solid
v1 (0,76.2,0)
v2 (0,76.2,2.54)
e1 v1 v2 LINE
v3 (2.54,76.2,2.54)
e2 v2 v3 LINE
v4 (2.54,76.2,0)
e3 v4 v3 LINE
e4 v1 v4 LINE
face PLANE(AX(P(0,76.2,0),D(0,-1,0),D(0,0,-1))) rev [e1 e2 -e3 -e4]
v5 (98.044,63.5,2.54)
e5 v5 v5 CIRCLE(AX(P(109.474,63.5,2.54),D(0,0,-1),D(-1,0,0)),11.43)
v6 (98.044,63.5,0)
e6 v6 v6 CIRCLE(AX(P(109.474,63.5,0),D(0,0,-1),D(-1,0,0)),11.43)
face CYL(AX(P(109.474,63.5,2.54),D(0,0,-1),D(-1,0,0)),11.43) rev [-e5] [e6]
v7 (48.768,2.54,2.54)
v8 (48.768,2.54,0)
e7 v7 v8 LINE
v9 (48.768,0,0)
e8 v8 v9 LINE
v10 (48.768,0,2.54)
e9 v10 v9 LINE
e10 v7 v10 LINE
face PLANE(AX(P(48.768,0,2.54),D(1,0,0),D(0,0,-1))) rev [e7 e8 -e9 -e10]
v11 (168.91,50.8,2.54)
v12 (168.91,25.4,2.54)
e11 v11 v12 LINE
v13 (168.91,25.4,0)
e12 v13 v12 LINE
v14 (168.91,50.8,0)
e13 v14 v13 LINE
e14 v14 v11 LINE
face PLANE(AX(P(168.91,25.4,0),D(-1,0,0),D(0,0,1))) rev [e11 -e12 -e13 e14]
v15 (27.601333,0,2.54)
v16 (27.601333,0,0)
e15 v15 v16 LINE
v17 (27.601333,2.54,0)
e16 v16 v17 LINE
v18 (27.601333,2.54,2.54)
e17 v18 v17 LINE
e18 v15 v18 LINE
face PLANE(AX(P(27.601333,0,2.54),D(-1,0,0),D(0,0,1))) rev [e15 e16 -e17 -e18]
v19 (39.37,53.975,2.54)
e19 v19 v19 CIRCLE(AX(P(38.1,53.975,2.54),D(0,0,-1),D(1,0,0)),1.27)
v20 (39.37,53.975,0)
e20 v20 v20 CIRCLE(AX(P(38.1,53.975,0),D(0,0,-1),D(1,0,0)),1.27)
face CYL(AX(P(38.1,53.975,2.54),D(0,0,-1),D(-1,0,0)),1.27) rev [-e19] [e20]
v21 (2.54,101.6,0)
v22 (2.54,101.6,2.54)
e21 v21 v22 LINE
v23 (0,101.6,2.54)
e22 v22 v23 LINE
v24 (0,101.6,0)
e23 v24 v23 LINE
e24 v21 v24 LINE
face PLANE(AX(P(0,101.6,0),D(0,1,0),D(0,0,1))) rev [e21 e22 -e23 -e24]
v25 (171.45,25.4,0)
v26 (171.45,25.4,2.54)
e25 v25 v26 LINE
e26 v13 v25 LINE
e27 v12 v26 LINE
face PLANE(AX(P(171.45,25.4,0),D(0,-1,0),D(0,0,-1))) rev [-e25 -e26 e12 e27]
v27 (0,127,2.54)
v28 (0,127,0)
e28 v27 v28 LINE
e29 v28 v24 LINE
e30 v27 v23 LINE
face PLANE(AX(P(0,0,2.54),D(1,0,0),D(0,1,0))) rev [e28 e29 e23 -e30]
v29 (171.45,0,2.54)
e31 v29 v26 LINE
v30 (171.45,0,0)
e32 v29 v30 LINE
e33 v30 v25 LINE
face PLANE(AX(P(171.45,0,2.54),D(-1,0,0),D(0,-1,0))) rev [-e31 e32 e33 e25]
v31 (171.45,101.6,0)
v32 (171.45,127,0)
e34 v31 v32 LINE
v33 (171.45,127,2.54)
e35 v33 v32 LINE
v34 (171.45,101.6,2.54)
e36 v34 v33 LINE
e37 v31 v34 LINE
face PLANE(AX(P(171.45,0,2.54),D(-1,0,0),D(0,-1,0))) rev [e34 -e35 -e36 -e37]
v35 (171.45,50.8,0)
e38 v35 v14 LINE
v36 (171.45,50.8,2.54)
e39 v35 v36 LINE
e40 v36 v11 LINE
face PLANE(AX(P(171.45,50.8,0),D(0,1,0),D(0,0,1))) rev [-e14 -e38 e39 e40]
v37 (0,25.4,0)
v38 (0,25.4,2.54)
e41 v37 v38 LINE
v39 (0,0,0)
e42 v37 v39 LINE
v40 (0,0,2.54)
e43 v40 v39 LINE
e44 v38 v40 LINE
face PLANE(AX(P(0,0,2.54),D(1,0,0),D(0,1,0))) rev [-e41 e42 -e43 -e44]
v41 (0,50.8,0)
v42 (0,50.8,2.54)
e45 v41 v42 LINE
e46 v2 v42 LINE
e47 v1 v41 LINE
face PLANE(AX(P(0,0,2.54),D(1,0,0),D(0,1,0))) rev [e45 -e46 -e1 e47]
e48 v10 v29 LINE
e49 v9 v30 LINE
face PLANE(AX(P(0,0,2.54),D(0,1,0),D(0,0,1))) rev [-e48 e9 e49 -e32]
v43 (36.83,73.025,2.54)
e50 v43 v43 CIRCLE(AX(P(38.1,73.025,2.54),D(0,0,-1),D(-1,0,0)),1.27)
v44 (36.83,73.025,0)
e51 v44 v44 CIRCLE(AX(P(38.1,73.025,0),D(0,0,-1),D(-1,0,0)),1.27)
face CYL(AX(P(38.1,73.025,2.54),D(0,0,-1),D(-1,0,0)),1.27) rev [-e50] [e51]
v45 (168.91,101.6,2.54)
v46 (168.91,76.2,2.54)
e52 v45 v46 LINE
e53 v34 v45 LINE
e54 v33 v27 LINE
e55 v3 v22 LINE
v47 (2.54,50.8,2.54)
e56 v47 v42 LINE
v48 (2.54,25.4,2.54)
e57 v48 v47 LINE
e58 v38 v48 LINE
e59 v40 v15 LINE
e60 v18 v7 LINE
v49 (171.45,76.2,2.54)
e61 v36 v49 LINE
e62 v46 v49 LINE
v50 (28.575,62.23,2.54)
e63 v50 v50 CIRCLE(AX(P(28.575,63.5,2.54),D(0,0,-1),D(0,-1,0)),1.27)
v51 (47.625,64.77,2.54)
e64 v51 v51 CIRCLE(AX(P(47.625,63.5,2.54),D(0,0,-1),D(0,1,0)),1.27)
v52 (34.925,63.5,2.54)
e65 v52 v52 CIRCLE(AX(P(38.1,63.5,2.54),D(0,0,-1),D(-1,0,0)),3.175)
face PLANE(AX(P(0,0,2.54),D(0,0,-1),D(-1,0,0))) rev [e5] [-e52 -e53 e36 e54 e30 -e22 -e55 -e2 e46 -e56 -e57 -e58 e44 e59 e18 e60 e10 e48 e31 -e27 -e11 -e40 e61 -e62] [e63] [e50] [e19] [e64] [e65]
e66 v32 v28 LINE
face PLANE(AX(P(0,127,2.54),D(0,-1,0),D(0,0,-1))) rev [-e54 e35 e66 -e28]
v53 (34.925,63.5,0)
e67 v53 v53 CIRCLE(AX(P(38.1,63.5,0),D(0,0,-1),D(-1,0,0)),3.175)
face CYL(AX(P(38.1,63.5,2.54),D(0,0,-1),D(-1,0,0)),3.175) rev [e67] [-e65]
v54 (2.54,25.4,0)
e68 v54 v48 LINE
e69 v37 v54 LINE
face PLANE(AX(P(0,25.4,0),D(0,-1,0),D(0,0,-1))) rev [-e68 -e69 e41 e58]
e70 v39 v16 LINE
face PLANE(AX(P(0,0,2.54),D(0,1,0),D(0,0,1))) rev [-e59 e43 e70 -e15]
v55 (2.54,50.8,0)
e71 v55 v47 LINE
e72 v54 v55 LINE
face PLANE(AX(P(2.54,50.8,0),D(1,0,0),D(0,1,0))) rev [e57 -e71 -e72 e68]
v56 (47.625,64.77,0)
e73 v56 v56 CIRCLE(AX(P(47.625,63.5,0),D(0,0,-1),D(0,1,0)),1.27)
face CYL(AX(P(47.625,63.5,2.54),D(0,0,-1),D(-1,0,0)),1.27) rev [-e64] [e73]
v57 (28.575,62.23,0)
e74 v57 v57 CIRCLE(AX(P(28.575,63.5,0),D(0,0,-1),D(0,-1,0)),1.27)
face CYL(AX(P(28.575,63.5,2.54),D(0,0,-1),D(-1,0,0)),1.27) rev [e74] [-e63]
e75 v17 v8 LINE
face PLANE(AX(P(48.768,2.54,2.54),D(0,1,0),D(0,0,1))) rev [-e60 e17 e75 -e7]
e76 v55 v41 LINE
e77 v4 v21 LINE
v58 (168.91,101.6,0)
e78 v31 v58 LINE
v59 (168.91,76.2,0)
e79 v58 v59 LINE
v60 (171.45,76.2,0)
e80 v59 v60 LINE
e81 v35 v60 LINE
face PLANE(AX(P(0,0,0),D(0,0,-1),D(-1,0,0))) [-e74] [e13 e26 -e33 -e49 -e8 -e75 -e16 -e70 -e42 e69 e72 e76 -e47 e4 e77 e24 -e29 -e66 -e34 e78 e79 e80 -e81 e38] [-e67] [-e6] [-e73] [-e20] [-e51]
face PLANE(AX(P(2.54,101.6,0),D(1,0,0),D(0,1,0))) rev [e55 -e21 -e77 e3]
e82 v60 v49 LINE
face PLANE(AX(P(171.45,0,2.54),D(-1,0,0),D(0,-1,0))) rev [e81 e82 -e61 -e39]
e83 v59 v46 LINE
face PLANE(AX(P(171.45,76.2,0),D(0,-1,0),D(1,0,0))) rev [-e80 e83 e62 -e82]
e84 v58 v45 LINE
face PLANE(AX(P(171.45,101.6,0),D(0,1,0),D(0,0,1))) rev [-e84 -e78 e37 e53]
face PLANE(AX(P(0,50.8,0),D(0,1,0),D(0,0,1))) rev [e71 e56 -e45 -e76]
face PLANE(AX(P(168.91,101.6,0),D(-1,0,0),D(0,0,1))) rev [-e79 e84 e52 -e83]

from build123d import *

# Parameters (mm, degrees)
SKETCH3_W           = 171.45
SKETCH3_H           = 127
BOSS_EXTRUDE1_DEPTH = 2.54
SKETCH4_W           = 2.54
SKETCH4_H           = 25.4
CUT_EXTRUDE1_DEPTH  = 3.54
LPATTERN1_COUNT     = 2
LPATTERN1_PITCH     = 50.8
SKETCH6_W           = 2.54
SKETCH6_H           = 25.4
CUT_EXTRUDE2_DEPTH  = 3.54
SKETCH7_W           = 2.54
SKETCH7_H           = 25.4
CUT_EXTRUDE3_DEPTH  = 3.54
SKETCH8_W           = 21.166666667
SKETCH8_H           = 2.54
CUT_EXTRUDE4_DEPTH  = 3.54
SKETCH9_R           = 11.43
CUT_EXTRUDE5_DEPTH  = 3.54
SKETCH10_R          = 3.175
CUT_EXTRUDE6_DEPTH  = 3.54
SKETCH11_R          = 1.27
CUT_EXTRUDE8_DEPTH  = 3.54
CIRPATTERN1_COUNT   = 4


with BuildPart() as part:
    # Sketch3 → Boss-Extrude1 (new body)
    with BuildSketch(Plane.XY):
        with Locations((85.725, 63.5)):
            Rectangle(SKETCH3_W, SKETCH3_H)
    extrude(amount=BOSS_EXTRUDE1_DEPTH)

    # Sketch4 → Cut-Extrude1 (cut, through all)
    with BuildSketch(Plane.XY.offset(2.54)):
        with Locations((1.27, 88.9)):
            Rectangle(SKETCH4_W, SKETCH4_H)
    cut_extrude1 = extrude(amount=-CUT_EXTRUDE1_DEPTH, mode=Mode.SUBTRACT)

    # LPattern1: Cut-Extrude1 ×2
    with Locations(*[(0, -i * LPATTERN1_PITCH, 0) for i in range(1, LPATTERN1_COUNT)]):
        add(cut_extrude1, mode=Mode.SUBTRACT)

    # Sketch6 → Cut-Extrude2 (cut, through all)
    with BuildSketch(Plane.XY.offset(2.54)):
        with Locations((170.18, 88.9)):
            Rectangle(SKETCH6_W, SKETCH6_H)
    extrude(amount=-CUT_EXTRUDE2_DEPTH, mode=Mode.SUBTRACT)

    # Sketch7 → Cut-Extrude3 (cut, through all)
    with BuildSketch(Plane.XY.offset(2.54)):
        with Locations((170.18, 38.1)):
            Rectangle(SKETCH7_W, SKETCH7_H)
    extrude(amount=-CUT_EXTRUDE3_DEPTH, mode=Mode.SUBTRACT)

    # Sketch8 → Cut-Extrude4 (cut, through all)
    with BuildSketch(Plane(origin=(0, 0, 0), x_dir=(-1, 0, 0), z_dir=(0, 0, -1))):
        with Locations((-38.184666667, 1.27)):
            Rectangle(SKETCH8_W, SKETCH8_H)
    extrude(amount=-CUT_EXTRUDE4_DEPTH, mode=Mode.SUBTRACT)

    # Sketch9 → Cut-Extrude5 (cut, through all)
    with BuildSketch(Plane(origin=(0, 0, 0), x_dir=(-1, 0, 0), z_dir=(0, 0, -1))):
        with Locations((-109.474, 63.5)):
            Circle(SKETCH9_R)
    extrude(amount=-CUT_EXTRUDE5_DEPTH, mode=Mode.SUBTRACT)

    # Sketch10 → Cut-Extrude6 (cut, through all)
    with BuildSketch(Plane(origin=(0, 0, 0), x_dir=(-1, 0, 0), z_dir=(0, 0, -1))):
        with Locations((-38.1, 63.5)):
            Circle(SKETCH10_R)
    extrude(amount=-CUT_EXTRUDE6_DEPTH, mode=Mode.SUBTRACT)

    # Sketch11 → Cut-Extrude8 (cut, through all)
    with BuildSketch(Plane(origin=(0, 0, 0), x_dir=(-1, 0, 0), z_dir=(0, 0, -1))):
        with Locations((-38.1, 73.025)):
            Circle(SKETCH11_R)
    cut_extrude8 = extrude(amount=-CUT_EXTRUDE8_DEPTH, mode=Mode.SUBTRACT)

    # CirPattern1: Cut-Extrude8 ×4 about axis
    cirpattern1_axis = Axis((38.1, 63.5, 0), (0, 0, 1))
    for i in range(1, CIRPATTERN1_COUNT):
        add(cut_extrude8.rotate(cirpattern1_axis, i * 360 / CIRPATTERN1_COUNT), mode=Mode.SUBTRACT)


solid = part.part
